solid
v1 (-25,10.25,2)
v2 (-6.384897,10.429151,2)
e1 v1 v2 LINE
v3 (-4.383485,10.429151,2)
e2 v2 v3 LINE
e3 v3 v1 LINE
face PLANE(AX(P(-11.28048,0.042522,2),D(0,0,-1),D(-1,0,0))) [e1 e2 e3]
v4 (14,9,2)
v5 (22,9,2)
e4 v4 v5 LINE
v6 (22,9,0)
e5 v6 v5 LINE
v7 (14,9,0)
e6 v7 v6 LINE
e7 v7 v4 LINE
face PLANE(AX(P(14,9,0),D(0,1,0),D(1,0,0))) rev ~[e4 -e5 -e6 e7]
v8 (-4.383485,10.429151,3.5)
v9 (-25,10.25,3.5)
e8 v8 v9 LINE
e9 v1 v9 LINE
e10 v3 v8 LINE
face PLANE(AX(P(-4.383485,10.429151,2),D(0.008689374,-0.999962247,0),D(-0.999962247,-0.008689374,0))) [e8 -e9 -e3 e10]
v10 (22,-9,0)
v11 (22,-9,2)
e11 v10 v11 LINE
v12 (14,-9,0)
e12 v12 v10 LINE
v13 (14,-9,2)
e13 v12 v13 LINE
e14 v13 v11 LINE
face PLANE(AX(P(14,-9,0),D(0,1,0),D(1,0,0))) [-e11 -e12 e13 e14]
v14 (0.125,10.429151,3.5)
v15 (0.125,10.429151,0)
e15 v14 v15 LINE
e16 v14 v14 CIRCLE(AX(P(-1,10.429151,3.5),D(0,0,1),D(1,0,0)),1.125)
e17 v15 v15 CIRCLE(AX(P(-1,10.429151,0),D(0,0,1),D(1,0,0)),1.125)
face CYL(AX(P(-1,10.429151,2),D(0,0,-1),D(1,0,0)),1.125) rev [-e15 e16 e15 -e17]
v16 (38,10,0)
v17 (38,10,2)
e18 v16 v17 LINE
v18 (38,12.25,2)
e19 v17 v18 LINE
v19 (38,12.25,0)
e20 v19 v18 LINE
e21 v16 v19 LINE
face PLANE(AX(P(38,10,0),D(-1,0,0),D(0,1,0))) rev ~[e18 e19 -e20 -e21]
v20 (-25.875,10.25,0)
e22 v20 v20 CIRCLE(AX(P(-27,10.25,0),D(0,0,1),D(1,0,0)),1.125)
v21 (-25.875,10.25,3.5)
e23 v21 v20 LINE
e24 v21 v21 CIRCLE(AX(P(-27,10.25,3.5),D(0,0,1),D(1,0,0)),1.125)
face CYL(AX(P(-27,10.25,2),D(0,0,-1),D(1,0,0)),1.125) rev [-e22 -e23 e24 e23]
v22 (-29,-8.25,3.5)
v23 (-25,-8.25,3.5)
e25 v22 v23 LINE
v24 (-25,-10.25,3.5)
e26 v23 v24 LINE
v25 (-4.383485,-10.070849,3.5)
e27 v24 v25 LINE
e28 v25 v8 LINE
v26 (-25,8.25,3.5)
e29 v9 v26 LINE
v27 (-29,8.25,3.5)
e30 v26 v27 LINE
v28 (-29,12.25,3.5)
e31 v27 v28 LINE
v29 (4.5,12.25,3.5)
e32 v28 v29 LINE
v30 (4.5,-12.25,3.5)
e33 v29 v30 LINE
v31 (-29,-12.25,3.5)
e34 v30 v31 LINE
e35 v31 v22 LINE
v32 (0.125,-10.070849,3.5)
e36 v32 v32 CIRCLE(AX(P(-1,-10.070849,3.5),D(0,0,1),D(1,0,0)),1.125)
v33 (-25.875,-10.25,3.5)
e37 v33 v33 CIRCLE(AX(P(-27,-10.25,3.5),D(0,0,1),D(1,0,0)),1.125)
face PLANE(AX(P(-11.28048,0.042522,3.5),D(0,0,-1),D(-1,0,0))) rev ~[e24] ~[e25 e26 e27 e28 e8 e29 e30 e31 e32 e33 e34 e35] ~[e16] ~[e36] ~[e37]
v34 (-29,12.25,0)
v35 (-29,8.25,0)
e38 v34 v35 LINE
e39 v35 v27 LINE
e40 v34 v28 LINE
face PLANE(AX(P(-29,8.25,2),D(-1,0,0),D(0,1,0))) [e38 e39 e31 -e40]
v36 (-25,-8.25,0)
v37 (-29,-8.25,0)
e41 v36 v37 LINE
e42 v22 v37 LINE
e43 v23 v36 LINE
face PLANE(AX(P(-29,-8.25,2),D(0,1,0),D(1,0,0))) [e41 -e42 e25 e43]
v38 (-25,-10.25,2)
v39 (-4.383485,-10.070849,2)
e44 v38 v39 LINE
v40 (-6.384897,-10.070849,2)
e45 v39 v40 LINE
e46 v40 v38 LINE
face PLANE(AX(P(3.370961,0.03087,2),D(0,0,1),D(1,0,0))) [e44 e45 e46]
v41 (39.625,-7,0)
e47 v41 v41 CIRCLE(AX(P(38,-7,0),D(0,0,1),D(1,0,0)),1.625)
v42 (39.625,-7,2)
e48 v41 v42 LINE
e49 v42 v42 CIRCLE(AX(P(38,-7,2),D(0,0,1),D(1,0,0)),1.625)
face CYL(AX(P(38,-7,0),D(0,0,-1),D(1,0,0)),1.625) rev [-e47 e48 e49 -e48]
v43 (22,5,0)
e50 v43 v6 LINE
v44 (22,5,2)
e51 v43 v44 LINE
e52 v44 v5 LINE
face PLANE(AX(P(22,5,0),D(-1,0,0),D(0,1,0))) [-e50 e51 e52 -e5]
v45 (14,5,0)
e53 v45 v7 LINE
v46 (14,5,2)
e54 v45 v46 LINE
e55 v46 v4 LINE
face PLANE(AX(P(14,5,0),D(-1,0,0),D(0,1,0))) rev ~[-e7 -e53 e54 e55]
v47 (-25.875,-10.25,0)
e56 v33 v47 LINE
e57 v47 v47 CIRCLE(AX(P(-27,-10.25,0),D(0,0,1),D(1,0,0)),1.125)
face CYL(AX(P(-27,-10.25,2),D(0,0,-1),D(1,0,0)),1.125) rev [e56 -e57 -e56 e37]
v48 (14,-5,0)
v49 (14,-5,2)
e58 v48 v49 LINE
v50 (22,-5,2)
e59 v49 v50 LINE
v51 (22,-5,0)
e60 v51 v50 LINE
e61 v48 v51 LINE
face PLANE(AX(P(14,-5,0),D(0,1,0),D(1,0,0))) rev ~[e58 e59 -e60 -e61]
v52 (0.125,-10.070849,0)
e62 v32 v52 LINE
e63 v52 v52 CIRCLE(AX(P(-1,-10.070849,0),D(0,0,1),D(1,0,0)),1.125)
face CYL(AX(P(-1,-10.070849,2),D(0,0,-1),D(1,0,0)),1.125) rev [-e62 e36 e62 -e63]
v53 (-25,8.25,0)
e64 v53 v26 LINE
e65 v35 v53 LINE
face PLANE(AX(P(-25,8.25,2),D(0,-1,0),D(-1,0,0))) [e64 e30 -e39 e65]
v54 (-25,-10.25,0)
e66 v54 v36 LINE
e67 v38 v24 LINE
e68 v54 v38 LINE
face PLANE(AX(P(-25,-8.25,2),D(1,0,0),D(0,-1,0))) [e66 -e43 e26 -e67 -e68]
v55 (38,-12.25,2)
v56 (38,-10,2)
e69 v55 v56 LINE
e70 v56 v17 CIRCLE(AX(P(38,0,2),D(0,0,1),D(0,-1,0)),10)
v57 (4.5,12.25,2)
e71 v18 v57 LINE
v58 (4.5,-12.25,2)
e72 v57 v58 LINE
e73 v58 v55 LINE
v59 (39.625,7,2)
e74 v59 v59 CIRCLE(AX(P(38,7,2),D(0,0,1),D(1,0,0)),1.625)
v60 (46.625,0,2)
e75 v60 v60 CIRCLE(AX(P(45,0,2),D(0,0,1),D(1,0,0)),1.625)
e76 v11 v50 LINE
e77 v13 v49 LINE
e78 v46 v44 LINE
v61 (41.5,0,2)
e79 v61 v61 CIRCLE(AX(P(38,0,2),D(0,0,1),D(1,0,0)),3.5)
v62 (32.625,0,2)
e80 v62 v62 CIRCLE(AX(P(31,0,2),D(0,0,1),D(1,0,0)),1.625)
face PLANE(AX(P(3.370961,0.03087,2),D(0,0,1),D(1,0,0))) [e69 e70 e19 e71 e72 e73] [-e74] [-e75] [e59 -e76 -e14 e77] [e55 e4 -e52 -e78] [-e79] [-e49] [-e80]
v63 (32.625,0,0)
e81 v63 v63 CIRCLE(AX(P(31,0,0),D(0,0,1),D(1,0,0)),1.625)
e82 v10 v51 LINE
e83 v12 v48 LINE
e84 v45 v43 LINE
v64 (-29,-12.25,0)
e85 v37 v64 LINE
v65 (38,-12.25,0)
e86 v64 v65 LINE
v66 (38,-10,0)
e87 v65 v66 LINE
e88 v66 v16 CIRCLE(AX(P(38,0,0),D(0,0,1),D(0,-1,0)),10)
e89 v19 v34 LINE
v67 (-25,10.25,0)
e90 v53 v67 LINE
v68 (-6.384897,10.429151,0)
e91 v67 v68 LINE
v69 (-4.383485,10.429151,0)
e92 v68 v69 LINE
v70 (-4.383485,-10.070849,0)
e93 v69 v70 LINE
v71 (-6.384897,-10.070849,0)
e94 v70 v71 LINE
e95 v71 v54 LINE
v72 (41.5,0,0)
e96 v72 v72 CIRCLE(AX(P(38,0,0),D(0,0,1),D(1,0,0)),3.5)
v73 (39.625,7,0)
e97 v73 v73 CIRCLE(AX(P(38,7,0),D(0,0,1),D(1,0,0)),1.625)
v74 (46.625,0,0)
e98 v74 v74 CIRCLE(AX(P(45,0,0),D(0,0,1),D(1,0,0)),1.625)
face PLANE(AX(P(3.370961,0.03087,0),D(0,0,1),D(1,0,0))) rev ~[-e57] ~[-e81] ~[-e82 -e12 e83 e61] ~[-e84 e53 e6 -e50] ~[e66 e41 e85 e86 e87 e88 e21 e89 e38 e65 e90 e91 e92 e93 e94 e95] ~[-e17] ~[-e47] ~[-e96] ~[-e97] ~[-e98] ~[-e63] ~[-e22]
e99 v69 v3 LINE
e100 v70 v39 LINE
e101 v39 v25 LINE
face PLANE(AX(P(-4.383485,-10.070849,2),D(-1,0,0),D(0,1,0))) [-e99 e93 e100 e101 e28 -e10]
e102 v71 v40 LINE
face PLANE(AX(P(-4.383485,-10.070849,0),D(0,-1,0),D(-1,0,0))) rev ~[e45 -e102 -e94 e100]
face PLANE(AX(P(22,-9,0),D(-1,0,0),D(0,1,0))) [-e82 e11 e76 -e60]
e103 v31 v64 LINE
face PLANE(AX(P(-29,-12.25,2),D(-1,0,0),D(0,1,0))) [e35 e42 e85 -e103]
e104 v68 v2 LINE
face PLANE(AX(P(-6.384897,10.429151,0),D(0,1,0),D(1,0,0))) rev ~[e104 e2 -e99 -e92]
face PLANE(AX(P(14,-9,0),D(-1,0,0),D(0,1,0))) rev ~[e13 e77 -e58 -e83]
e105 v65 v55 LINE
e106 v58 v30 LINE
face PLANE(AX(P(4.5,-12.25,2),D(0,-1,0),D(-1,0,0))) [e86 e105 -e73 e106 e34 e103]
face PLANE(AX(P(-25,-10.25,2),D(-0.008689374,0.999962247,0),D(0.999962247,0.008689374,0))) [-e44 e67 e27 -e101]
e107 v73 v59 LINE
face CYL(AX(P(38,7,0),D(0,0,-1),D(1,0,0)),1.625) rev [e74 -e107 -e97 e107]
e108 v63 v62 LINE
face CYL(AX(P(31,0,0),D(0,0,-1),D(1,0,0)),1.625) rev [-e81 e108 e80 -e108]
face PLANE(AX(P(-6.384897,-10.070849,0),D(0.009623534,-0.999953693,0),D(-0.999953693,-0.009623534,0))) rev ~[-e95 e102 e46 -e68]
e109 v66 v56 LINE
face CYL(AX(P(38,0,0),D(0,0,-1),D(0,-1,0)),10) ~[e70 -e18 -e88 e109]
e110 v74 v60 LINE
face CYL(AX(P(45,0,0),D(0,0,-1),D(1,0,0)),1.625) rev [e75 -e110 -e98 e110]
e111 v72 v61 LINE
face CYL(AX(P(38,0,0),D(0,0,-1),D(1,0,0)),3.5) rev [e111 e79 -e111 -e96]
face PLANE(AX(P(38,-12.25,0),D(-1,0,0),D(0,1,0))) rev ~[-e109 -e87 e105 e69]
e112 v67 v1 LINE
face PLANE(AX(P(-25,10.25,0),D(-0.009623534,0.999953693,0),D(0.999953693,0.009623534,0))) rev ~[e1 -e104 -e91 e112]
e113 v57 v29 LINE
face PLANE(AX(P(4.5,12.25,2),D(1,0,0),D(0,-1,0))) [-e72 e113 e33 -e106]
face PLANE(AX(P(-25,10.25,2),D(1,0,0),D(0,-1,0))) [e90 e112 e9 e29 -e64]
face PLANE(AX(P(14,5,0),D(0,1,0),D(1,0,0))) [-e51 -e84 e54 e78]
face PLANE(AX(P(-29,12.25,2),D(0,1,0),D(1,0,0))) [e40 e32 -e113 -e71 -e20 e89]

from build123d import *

# Parameters (mm, degrees)
SKETCH1_R           = 1.625
SKETCH1_R_2         = 3.5
SKETCH1_R_3         = 1.125
SKETCH1_W           = 8
SKETCH1_H           = 4
BOSS_EXTRUDE1_DEPTH = 2
SKETCH8_R           = 1.125
BOSS_EXTRUDE4_DEPTH = 1.5


with BuildPart() as part:
    # Sketch1 → Boss-Extrude1 (new body)
    with BuildSketch(Plane.XY):
        with BuildLine():
            Line((-29, -8.25), (-29, -12.25))
            Line((-29, -12.25), (38, -12.25))
            Line((38, -12.25), (38, -10))
            ThreePointArc((38, -10), (48, 0), (38, 10))
            Line((38, 10), (38, 12.25))
            Line((38, 12.25), (-29, 12.25))
            Line((-29, 12.25), (-29, 8.25))
            Line((-29, 8.25), (-25, 8.25))
            Line((-25, 8.25), (-25, 10.25))
            Line((-25, 10.25), (-6.3848969, 10.429151381))
            Line((-6.3848969, 10.429151381), (-4.383484917, 10.429151381))
            Line((-4.383484917, 10.429151381), (-4.383484917, -10.070848619))
            Line((-4.383484917, -10.070848619), (-6.3848969, -10.070848619))
            Line((-6.3848969, -10.070848619), (-25, -10.25))
            Line((-25, -10.25), (-25, -8.25))
            Line((-25, -8.25), (-29, -8.25))
        make_face()
        with Locations((38, 7)):
            Circle(SKETCH1_R, mode=Mode.SUBTRACT)
        with Locations((45, 0)):
            Circle(SKETCH1_R, mode=Mode.SUBTRACT)
        with Locations((38, -7)):
            Circle(SKETCH1_R, mode=Mode.SUBTRACT)
        with Locations((31, 0)):
            Circle(SKETCH1_R, mode=Mode.SUBTRACT)
        with Locations((38, 0)):
            Circle(SKETCH1_R_2, mode=Mode.SUBTRACT)
        with Locations((-27, 10.25)):
            Circle(SKETCH1_R_3, mode=Mode.SUBTRACT)
        with Locations((-27, -10.25)):
            Circle(SKETCH1_R_3, mode=Mode.SUBTRACT)
        with Locations((-1, 10.429151381)):
            Circle(SKETCH1_R_3, mode=Mode.SUBTRACT)
        with Locations((-1, -10.070848619)):
            Circle(SKETCH1_R_3, mode=Mode.SUBTRACT)
        with Locations((18, 7)):
            Rectangle(SKETCH1_W, SKETCH1_H, mode=Mode.SUBTRACT)
        with Locations((18, -7)):
            Rectangle(SKETCH1_W, SKETCH1_H, mode=Mode.SUBTRACT)
    extrude(amount=BOSS_EXTRUDE1_DEPTH)

    # Sketch8 → Boss-Extrude4 (add)
    with BuildSketch(Plane.XY.offset(2)):
        Polygon((-29, 12.25), (4.5, 12.25), (4.5, -12.25), (-29, -12.25), (-29, -8.25), (-25, -8.25), (-25, -10.25), (-4.383484917, -10.070848619), (-4.383484917, 10.429151381), (-25, 10.25), (-25, 8.25), (-29, 8.25), align=None)
        with Locations((-27, 10.25)):
            Circle(SKETCH8_R, mode=Mode.SUBTRACT)
        with Locations((-27, -10.25)):
            Circle(SKETCH8_R, mode=Mode.SUBTRACT)
        with Locations((-1, 10.429151381)):
            Circle(SKETCH8_R, mode=Mode.SUBTRACT)
        with Locations((-1, -10.070848619)):
            Circle(SKETCH8_R, mode=Mode.SUBTRACT)
    extrude(amount=BOSS_EXTRUDE4_DEPTH)


solid = part.part
